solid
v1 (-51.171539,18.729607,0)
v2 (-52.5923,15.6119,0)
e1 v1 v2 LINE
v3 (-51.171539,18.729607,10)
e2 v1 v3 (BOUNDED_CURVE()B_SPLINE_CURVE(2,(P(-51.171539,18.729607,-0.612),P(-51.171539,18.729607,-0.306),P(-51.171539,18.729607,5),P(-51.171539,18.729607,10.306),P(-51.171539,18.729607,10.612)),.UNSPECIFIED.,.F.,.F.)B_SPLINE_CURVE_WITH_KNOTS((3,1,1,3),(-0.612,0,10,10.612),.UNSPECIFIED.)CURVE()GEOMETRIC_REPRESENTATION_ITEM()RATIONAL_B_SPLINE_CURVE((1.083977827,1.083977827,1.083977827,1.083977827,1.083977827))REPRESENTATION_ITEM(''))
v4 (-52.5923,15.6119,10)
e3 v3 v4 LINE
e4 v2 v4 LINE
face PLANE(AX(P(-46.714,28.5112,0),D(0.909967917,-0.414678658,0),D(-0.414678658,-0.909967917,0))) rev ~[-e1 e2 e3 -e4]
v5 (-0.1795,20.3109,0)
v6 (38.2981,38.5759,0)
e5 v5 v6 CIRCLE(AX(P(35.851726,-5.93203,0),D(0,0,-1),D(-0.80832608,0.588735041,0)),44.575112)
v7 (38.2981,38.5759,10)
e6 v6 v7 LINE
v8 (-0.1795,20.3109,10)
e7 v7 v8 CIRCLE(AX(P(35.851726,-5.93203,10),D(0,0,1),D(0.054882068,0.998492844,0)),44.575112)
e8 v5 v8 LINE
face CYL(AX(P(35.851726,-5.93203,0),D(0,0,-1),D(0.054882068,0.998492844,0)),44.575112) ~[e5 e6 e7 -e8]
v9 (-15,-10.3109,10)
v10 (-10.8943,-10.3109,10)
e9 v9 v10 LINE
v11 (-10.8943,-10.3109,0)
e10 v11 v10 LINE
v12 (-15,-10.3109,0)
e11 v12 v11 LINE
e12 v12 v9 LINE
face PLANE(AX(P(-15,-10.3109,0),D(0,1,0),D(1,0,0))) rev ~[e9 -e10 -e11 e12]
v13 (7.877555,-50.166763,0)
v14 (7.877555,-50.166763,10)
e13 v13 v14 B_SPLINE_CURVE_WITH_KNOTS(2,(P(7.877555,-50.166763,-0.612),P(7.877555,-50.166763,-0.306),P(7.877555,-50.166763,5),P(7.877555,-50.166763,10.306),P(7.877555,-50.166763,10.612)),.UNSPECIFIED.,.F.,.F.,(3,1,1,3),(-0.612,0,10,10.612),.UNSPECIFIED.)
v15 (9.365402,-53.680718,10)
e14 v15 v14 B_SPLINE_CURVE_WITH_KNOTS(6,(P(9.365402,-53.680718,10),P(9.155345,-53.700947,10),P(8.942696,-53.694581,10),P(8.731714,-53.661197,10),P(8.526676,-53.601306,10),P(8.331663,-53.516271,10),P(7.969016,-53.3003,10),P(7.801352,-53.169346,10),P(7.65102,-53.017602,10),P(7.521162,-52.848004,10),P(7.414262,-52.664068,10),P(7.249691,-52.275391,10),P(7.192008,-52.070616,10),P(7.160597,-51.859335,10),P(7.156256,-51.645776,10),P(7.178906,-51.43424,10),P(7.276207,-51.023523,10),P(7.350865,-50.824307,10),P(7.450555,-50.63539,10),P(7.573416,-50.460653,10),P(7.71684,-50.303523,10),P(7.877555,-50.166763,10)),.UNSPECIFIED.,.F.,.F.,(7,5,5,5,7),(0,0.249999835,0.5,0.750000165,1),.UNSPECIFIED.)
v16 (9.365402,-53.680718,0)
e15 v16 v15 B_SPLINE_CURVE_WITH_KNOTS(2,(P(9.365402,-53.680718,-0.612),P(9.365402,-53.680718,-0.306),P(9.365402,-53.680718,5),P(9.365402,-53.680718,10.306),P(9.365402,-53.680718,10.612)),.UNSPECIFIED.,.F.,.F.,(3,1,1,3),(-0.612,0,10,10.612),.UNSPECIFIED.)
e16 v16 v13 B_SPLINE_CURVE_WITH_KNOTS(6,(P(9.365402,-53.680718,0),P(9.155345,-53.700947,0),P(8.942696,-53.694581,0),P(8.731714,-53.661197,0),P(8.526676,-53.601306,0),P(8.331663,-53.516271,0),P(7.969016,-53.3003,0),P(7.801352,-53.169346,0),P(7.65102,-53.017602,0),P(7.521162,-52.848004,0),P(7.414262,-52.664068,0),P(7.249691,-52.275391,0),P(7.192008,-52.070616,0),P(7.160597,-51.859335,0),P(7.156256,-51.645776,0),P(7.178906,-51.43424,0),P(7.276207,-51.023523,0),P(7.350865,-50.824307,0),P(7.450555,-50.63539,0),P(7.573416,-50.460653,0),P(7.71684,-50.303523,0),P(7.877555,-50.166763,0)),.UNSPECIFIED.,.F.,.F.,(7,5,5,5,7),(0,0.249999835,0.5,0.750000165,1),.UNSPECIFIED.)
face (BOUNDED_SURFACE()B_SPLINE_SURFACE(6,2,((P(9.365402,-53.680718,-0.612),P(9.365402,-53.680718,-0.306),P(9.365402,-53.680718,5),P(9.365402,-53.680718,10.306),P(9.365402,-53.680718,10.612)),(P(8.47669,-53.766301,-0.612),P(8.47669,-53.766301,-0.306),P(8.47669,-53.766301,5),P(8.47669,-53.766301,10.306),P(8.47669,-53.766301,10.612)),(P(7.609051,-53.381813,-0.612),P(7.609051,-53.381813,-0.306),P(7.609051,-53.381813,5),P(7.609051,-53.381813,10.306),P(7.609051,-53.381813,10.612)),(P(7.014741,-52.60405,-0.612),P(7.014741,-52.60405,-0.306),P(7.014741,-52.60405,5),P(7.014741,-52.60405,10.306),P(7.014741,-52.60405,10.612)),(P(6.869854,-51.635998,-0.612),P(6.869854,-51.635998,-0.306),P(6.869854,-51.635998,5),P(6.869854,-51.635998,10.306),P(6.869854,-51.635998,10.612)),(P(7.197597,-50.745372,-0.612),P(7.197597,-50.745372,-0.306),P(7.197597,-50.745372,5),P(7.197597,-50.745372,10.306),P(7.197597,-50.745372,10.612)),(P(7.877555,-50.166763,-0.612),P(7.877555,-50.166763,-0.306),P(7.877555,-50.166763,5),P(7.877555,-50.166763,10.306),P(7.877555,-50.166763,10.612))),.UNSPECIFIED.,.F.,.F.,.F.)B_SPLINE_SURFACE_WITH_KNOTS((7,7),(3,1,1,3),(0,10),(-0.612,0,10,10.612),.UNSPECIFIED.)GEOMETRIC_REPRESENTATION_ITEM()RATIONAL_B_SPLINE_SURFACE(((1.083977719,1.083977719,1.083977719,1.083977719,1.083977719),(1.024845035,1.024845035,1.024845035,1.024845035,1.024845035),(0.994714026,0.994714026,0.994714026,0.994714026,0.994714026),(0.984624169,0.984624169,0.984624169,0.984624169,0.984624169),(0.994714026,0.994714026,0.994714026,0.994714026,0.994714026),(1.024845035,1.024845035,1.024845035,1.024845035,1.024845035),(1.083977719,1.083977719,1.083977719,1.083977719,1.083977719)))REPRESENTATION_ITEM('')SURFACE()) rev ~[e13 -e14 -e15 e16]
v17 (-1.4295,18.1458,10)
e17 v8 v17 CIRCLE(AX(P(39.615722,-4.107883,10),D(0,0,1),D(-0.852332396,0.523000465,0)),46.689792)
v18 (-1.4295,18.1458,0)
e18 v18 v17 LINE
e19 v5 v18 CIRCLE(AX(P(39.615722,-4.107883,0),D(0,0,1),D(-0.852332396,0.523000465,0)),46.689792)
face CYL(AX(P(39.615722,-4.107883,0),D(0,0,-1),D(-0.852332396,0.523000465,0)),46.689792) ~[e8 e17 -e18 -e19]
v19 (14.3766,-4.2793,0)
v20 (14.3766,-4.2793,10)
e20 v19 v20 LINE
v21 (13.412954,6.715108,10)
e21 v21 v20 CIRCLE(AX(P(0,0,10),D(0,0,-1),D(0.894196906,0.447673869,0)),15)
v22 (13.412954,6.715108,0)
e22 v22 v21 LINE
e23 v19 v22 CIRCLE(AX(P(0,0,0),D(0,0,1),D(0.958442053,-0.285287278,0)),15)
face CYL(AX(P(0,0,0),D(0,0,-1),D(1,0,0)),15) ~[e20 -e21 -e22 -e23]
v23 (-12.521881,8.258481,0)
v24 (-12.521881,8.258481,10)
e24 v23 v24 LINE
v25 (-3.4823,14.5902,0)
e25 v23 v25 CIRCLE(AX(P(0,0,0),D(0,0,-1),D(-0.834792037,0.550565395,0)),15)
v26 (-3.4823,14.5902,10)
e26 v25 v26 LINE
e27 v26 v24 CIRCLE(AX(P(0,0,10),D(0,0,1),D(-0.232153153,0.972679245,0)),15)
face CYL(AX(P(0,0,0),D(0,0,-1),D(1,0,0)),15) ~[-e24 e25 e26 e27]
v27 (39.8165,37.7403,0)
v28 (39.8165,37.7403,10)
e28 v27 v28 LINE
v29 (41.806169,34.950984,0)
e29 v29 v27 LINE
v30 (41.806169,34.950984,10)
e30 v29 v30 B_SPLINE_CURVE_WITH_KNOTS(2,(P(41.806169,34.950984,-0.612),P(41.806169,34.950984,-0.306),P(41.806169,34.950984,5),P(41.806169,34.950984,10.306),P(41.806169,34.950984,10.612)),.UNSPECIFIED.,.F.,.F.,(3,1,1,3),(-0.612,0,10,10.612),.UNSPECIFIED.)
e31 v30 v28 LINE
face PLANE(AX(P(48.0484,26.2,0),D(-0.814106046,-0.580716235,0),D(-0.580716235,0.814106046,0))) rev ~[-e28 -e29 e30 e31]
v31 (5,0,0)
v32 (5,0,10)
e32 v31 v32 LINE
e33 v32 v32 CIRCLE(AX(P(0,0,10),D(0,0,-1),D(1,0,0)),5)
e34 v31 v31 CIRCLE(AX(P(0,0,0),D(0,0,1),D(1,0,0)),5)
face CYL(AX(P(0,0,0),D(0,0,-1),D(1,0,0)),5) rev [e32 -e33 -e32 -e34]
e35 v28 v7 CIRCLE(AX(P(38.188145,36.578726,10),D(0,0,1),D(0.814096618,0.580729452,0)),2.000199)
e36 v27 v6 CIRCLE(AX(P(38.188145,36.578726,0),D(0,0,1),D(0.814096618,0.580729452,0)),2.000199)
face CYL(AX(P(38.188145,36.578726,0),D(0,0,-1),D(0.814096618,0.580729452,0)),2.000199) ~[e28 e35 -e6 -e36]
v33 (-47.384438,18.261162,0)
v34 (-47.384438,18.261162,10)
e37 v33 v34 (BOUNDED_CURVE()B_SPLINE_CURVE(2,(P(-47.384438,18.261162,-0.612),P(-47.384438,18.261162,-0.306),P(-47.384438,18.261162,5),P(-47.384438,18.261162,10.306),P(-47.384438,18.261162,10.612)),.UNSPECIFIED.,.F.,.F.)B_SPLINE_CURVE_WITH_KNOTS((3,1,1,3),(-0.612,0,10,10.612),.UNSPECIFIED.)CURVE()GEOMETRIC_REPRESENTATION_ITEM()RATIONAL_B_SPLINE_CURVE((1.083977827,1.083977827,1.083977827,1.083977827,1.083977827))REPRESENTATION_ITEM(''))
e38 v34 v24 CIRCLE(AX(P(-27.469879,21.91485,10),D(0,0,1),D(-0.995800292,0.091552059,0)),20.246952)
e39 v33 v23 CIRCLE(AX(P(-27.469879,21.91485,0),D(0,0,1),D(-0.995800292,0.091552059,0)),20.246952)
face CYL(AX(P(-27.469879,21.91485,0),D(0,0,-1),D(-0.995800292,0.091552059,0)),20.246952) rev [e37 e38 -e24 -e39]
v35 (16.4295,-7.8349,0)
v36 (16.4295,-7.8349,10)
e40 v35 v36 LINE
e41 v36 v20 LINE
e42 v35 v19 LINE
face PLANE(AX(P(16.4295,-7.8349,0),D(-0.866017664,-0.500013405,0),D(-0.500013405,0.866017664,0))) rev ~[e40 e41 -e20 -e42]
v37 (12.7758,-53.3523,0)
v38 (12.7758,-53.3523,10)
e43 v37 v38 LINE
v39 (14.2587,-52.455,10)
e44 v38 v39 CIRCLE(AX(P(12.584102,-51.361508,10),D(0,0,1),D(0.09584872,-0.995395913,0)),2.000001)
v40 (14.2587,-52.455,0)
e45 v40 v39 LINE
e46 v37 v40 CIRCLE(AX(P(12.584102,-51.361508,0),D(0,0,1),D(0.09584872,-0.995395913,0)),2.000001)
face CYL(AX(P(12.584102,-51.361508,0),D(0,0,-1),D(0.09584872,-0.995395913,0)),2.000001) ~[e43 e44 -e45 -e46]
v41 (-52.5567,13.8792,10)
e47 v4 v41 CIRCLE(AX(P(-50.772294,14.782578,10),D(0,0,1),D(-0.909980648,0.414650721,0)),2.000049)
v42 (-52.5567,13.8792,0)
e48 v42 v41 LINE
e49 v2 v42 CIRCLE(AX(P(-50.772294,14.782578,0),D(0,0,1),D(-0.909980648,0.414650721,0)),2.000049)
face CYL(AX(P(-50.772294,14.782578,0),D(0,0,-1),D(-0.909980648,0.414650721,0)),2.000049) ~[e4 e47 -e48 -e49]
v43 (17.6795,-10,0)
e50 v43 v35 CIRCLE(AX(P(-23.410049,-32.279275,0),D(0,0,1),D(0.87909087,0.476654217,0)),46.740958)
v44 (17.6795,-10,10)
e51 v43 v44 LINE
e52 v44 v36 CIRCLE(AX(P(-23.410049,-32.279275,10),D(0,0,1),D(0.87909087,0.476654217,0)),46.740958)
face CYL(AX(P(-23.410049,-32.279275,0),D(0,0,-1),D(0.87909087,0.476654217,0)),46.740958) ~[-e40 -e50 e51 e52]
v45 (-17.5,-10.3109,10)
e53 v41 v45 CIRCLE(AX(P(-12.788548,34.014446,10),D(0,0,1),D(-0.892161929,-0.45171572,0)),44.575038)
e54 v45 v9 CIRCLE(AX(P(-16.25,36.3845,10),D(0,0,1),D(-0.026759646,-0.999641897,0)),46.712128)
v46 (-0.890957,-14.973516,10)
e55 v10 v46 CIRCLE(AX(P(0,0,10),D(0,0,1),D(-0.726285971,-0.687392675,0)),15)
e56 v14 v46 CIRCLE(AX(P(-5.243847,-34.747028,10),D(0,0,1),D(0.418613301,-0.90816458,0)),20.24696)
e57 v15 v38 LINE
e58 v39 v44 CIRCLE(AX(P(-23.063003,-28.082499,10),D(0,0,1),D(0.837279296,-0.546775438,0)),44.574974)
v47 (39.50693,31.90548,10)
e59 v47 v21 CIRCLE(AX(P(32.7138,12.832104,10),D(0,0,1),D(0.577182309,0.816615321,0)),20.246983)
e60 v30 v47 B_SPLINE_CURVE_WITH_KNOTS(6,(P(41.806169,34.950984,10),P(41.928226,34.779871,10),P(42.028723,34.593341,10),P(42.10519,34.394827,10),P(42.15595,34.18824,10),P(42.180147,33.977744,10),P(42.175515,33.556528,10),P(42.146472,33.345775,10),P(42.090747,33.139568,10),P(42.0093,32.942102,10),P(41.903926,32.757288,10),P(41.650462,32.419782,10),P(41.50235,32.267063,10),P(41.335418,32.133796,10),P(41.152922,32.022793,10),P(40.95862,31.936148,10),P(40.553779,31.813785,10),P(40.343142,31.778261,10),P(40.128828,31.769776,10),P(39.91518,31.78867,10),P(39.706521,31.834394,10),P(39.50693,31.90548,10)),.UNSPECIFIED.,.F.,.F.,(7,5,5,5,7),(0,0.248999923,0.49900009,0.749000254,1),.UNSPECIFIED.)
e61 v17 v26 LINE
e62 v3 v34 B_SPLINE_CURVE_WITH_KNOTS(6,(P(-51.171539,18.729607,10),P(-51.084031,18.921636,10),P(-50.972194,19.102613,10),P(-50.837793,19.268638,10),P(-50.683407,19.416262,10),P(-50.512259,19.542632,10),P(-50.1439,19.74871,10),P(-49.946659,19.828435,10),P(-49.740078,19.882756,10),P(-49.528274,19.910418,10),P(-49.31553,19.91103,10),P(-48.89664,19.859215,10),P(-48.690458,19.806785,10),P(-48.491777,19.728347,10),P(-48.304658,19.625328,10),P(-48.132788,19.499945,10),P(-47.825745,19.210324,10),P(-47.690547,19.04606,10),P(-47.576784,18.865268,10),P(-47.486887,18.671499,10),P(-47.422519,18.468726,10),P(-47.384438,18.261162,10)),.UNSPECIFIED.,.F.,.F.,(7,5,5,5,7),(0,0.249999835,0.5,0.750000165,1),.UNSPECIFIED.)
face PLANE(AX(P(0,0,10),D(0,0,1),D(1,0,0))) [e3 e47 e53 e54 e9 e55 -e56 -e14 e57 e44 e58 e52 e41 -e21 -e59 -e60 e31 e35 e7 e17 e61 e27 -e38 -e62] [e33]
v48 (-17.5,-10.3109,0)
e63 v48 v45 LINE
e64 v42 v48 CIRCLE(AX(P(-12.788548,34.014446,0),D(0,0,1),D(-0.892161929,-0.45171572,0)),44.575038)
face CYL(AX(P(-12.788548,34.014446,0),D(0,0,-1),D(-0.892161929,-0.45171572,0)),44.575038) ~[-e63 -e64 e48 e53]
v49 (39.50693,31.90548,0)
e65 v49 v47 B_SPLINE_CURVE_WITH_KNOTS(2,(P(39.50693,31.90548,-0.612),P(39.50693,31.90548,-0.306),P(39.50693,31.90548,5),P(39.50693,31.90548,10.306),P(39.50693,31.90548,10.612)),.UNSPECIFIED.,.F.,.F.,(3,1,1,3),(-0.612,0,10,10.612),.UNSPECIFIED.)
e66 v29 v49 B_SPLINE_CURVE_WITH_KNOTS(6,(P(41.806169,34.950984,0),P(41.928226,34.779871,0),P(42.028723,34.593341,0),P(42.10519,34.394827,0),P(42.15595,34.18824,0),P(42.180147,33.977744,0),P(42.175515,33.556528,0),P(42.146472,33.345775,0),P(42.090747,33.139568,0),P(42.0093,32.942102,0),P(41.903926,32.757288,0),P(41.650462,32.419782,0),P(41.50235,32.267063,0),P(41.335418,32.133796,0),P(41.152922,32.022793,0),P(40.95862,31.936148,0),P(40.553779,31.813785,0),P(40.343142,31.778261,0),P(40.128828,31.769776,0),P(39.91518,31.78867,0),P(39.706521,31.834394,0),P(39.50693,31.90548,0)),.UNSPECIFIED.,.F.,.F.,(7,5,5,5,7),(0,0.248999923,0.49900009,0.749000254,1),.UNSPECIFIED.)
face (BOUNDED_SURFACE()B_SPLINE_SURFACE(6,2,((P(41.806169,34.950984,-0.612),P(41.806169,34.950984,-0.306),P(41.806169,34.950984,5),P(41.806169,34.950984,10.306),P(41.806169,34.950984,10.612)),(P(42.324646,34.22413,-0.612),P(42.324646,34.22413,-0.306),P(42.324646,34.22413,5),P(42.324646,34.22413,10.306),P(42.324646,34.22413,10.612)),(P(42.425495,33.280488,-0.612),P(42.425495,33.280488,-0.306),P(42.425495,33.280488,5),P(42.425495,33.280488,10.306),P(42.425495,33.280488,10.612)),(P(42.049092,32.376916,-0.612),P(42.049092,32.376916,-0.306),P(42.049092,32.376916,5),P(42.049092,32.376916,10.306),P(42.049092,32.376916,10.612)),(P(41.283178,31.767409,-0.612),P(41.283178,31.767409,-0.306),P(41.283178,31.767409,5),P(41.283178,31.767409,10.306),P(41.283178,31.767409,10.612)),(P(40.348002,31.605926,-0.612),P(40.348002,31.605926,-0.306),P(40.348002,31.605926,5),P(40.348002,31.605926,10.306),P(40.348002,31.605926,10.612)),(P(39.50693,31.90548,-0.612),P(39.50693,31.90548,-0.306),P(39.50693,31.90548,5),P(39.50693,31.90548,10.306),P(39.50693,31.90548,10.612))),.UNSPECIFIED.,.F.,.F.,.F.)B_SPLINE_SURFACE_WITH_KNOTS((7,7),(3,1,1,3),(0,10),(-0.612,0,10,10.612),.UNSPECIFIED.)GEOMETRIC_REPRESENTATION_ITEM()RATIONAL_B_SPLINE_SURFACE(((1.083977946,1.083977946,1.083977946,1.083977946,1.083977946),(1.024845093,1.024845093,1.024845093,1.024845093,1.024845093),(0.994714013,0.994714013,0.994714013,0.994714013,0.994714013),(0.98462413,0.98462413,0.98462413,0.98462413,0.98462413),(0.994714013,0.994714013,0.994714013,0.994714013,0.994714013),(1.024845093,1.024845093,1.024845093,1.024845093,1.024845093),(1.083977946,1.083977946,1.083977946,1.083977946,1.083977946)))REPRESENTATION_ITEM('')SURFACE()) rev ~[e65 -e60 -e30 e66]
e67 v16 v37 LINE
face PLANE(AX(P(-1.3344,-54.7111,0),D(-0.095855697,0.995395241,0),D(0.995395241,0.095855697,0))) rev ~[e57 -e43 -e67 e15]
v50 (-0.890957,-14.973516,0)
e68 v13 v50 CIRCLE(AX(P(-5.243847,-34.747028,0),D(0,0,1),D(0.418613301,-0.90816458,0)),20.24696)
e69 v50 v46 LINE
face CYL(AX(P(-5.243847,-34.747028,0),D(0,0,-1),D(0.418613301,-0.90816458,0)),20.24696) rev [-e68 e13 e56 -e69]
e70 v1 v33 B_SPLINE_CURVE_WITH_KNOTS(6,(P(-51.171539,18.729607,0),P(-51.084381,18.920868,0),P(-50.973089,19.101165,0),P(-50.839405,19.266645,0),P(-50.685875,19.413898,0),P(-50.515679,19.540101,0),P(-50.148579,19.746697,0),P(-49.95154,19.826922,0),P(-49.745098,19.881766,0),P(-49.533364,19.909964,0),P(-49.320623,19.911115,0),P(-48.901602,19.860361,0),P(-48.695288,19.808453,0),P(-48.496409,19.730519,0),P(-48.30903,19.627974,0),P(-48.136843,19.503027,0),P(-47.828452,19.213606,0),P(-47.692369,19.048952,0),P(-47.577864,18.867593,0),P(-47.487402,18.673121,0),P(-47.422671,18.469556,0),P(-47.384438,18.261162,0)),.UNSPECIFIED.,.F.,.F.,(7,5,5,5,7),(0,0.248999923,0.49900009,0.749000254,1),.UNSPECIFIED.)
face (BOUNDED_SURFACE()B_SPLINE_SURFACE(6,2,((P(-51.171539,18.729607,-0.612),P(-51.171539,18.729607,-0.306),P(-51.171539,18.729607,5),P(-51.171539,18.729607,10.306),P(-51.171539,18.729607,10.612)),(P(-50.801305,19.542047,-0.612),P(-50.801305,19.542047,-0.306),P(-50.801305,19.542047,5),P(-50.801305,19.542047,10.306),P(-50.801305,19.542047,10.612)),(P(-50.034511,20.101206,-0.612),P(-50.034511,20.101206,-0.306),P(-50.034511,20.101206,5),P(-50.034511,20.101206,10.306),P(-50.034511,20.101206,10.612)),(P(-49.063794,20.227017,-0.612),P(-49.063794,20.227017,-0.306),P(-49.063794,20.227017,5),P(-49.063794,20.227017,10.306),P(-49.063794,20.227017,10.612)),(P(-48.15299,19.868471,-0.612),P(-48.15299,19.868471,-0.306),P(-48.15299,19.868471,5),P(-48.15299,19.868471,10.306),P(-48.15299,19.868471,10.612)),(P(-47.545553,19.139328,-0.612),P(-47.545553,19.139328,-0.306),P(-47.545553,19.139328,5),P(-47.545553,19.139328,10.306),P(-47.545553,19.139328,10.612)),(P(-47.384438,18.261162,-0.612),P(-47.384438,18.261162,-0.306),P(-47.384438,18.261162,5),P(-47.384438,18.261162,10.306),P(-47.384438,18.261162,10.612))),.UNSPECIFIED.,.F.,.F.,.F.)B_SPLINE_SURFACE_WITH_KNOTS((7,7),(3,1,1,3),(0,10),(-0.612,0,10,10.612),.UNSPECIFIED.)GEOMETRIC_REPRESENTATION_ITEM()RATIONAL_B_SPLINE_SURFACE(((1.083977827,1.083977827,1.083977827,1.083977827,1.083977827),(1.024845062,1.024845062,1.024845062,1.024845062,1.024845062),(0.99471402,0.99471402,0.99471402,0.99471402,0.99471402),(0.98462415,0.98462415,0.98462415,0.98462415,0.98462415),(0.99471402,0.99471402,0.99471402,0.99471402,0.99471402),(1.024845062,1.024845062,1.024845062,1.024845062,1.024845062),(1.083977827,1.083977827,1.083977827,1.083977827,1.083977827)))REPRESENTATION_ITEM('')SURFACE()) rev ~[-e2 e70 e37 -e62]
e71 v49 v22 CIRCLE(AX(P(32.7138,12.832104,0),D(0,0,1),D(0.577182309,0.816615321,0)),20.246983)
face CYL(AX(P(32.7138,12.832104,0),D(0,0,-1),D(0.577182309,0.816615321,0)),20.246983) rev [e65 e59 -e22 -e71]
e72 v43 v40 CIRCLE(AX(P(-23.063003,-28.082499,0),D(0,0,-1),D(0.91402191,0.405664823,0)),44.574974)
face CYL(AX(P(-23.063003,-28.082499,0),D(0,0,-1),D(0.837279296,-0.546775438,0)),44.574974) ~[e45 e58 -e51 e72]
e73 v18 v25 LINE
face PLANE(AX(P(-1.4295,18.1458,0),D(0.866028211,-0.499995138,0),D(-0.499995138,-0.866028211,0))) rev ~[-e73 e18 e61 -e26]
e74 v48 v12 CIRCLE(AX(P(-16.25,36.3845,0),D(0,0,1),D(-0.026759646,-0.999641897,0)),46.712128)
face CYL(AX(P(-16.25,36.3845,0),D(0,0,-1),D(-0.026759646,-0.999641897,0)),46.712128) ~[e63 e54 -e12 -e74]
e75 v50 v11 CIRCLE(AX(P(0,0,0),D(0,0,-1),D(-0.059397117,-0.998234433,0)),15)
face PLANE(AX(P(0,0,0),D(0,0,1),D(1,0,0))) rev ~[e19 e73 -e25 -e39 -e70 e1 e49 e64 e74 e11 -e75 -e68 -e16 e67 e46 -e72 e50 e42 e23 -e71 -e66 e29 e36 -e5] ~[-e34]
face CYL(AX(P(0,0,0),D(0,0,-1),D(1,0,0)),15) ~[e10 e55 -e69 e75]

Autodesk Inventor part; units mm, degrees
ref_plane "YZ Plane" through (0, 0, 0) normal (1, 0, 0) x (0, 1, 0)
ref_plane "XZ Plane" through (0, 0, 0) normal (0, 1, 0) x (-1, 0, 0)
sketch "Sketch1" plane through (0, 0, 0) normal (0, 0, 1) x (1, 0, 0)
  circle A0 centre (0, 0) radius 15
  circle A1 centre (0, 0) radius 55
  line L0 (15, 0) -> (55, 0) construction
  circle A2 centre (35, 0) radius 20 construction
  circle A3 centre (-17.5, 30.3109) radius 20 construction
  circle A4 centre (-17.5, -30.3109) radius 20 construction
  line L1 (0, 0) -> (-10.834, 10.3742)
  line L2 (0, 0) -> (27.5, -47.6314)
  line L3 (0, 0) -> (-55, 0) construction
  line L4 (0, 0) -> (27.5, 47.6314)
  line L5 (17.5, 30.3109) -> (27.5, 47.6314) construction
  line L6 (-1.4324, 18.1475) -> (18.5676, 52.7885) construction
  line L7 (18.5676, 52.7885) -> (36.4324, 42.4743) construction
  line L8 (36.4324, 42.4743) -> (16.4324, 7.8333) construction
  line L9 (16.4324, 7.8333) -> (-1.4324, 18.1475) construction
  line L10 (-1.4324, 18.1475) -> (36.4324, 42.4743) construction
  line L11 (18.5676, 52.7885) -> (16.4324, 7.8333) construction
  line L12 (-1.4891, -18.1802) -> (18.5109, -52.8212) construction
  line L13 (18.5109, -52.8212) -> (36.4891, -42.4416) construction
  line L14 (36.4891, -42.4416) -> (16.4891, -7.8006) construction
  line L15 (16.4891, -7.8006) -> (-1.4891, -18.1802) construction
  line L16 (-1.4891, -18.1802) -> (36.4891, -42.4416) construction
  line L17 (18.5109, -52.8212) -> (16.4891, -7.8006) construction
  line L18 (-55.0081, 10.3109) -> (-15, 10.3109) construction
  line L19 (-15, 10.3109) -> (-15, -10.3109) construction
  line L20 (-15, -10.3109) -> (-55.0081, -10.3109) construction
  line L21 (-55.0081, -10.3109) -> (-55.0081, 10.3109)
  line L22 (-55.0081, 10.3109) -> (-15, -10.3109) construction
  line L23 (-15, 10.3109) -> (-55.0081, -10.3109) construction
  line L24 (-39.1178, -2.5) -> (-30.8902, -2.5) construction
  line L25 (-30.8902, -2.5) -> (-30.8902, 2.5) construction
  line L26 (-30.8902, 2.5) -> (-39.1178, 2.5) construction
  line L27 (-39.1178, 2.5) -> (-39.1178, -2.5) construction
  line L28 (-39.1178, -2.5) -> (-30.8902, 2.5) construction
  line L29 (-30.8902, -2.5) -> (-39.1178, 2.5) construction
  line L30 (-55.0081, 10.3109) -> (-55.0081, -10.3109) construction
  line L31 (-55.0081, 10.3109) -> (-55.0081, -10.3109) construction
  circle A5 centre (0, 0) radius 5
  arc A6 (-47.6318, 23.7685) -> (-10.834, 10.3742) centre (-27.4698, 21.9149) ccw
  line L32 (-15, -10.3109) -> (-10.8943, -10.3109)
  line L33 (-46.714, 28.5112) -> (-52.5923, 15.6119)
  arc A7 (-52.5567, 13.8792) -> (-17.5, -10.3109) centre (-12.7886, 34.0144) ccw
  arc A8 (-17.5, -10.3109) -> (-15, -10.3109) centre (-16.25, 36.3845) ccw
  arc A9 (-52.5923, 15.6119) -> (-52.5567, 13.8792) centre (-50.7724, 14.7826) ccw
  line L34 (-46.714, 28.5112) -> (-45.8939, 30.3109)
  arc A10 (-45.8939, 30.3109) -> (-47.6318, 23.7685) centre (-27.4698, 21.9149) ccw
  arc A11 (14.2587, -52.455) -> (17.6795, -10) centre (-23.063, -28.0825) ccw
  arc A12 (12.7758, -53.3523) -> (14.2587, -52.455) centre (12.5841, -51.3615) ccw
  line L35 (-1.3344, -54.7111) -> (12.7758, -53.3523)
  arc A13 (3.2318, -53.1346) -> (-3.5673, -14.5696) centre (-5.2439, -34.747) ccw
  arc A14 (-3.3031, -54.9007) -> (3.2318, -53.1346) centre (-5.2439, -34.747) ccw
  line L36 (-1.3344, -54.7111) -> (-3.3031, -54.9007)
  line L37 (16.4295, -7.8349) -> (14.3766, -4.2793)
  arc A15 (17.6795, -10) -> (16.4295, -7.8349) centre (-23.3849, -32.2652) ccw
  circle A16 centre (0, 0) radius 15
  arc A17 (38.2981, 38.5759) -> (-0.1795, 20.3109) centre (35.8517, -5.9319) ccw
  arc A18 (39.8165, 37.7403) -> (38.2981, 38.5759) centre (38.1883, 36.5789) ccw
  line L38 (48.0484, 26.2) -> (39.8165, 37.7403)
  arc A19 (44.4, 29.3661) -> (14.4013, 4.1954) centre (32.7138, 12.8321) ccw
  arc A20 (49.1969, 24.5898) -> (44.4, 29.3661) centre (32.7138, 12.8321) ccw
  line L39 (48.0484, 26.2) -> (49.1969, 24.5898)
  line L40 (-1.4295, 18.1458) -> (-3.4823, 14.5902)
  arc A21 (-0.1795, 20.3109) -> (-1.4295, 18.1458) centre (39.6349, -4.1193) ccw
  circle A22 centre (0, 0) radius 15
  point P0 (-27.5, 47.6314)
  point P1 (-27.5, -47.6314)
  point P2 (17.5, -30.3109)
  point P3 (-35.004, 0)
  point P4 (-52.9855, 14.7493)
  point P5 (-52.9855, 14.7493)
  point P6 (7.5, -12.9904)
  point P7 (-12.5218, 8.2586)
  point P8 (-7.5, 12.9904)
  point P9 (-7.5, -12.9904)
  point P10 (-0.8912, -14.9735)
  point P11 (13.413, 6.7149)
  dimension "d0" = 30
  dimension "d1" = 40
  dimension "d4" = 360
  dimension "d6" = 5
  dimension "d11" = 10
  dimension "d24" = 2
  dimension "d31" = 360
extrude "Extrusion1" add sketch "Sketch1" along normal blind 10 contours A0 L2 A5 L4 A19 | A19 A0 | L37 A15 A11 L2 A0 | A0 L4 A17 A18 L38 L39 A20 A19 | L2 A11 A12 L35 L36 A14 A13 A0 | A0 A13 A6 L1 A5 L2 | L4 A5 L1 A0 | A0 L40 A21 A17 L4 | A0 A13 | A6 A0 | L32 A8 A7 A9 L33 L34 A10 A6 A0
fillet "Fillet1" radius 2 3 edges at (-45.8939, 30.3109, 5) (49.1969, 24.5898, 5) (-3.3031, -54.9007, 5)
sketch "Sketch2" plane through (0, 0, 10) normal (0, 0, 1) x (1, 0, 0)
  line L0 (17.5, 30.3109) -> (27.5, 47.6314) construction
  line L1 (27.5, 47.6314) -> (2.5, 4.3301)
  circle A0 centre (0, 0) radius 5 projected
  circle A1 centre (0, 0) radius 15 construction
  circle A2 centre (0, 0) radius 5 construction
ref_plane "Work Plane3" through (0, 0, 5) normal (0, 0, -1) x (-1, 0, 0)
properties part number "Combine mk5"
